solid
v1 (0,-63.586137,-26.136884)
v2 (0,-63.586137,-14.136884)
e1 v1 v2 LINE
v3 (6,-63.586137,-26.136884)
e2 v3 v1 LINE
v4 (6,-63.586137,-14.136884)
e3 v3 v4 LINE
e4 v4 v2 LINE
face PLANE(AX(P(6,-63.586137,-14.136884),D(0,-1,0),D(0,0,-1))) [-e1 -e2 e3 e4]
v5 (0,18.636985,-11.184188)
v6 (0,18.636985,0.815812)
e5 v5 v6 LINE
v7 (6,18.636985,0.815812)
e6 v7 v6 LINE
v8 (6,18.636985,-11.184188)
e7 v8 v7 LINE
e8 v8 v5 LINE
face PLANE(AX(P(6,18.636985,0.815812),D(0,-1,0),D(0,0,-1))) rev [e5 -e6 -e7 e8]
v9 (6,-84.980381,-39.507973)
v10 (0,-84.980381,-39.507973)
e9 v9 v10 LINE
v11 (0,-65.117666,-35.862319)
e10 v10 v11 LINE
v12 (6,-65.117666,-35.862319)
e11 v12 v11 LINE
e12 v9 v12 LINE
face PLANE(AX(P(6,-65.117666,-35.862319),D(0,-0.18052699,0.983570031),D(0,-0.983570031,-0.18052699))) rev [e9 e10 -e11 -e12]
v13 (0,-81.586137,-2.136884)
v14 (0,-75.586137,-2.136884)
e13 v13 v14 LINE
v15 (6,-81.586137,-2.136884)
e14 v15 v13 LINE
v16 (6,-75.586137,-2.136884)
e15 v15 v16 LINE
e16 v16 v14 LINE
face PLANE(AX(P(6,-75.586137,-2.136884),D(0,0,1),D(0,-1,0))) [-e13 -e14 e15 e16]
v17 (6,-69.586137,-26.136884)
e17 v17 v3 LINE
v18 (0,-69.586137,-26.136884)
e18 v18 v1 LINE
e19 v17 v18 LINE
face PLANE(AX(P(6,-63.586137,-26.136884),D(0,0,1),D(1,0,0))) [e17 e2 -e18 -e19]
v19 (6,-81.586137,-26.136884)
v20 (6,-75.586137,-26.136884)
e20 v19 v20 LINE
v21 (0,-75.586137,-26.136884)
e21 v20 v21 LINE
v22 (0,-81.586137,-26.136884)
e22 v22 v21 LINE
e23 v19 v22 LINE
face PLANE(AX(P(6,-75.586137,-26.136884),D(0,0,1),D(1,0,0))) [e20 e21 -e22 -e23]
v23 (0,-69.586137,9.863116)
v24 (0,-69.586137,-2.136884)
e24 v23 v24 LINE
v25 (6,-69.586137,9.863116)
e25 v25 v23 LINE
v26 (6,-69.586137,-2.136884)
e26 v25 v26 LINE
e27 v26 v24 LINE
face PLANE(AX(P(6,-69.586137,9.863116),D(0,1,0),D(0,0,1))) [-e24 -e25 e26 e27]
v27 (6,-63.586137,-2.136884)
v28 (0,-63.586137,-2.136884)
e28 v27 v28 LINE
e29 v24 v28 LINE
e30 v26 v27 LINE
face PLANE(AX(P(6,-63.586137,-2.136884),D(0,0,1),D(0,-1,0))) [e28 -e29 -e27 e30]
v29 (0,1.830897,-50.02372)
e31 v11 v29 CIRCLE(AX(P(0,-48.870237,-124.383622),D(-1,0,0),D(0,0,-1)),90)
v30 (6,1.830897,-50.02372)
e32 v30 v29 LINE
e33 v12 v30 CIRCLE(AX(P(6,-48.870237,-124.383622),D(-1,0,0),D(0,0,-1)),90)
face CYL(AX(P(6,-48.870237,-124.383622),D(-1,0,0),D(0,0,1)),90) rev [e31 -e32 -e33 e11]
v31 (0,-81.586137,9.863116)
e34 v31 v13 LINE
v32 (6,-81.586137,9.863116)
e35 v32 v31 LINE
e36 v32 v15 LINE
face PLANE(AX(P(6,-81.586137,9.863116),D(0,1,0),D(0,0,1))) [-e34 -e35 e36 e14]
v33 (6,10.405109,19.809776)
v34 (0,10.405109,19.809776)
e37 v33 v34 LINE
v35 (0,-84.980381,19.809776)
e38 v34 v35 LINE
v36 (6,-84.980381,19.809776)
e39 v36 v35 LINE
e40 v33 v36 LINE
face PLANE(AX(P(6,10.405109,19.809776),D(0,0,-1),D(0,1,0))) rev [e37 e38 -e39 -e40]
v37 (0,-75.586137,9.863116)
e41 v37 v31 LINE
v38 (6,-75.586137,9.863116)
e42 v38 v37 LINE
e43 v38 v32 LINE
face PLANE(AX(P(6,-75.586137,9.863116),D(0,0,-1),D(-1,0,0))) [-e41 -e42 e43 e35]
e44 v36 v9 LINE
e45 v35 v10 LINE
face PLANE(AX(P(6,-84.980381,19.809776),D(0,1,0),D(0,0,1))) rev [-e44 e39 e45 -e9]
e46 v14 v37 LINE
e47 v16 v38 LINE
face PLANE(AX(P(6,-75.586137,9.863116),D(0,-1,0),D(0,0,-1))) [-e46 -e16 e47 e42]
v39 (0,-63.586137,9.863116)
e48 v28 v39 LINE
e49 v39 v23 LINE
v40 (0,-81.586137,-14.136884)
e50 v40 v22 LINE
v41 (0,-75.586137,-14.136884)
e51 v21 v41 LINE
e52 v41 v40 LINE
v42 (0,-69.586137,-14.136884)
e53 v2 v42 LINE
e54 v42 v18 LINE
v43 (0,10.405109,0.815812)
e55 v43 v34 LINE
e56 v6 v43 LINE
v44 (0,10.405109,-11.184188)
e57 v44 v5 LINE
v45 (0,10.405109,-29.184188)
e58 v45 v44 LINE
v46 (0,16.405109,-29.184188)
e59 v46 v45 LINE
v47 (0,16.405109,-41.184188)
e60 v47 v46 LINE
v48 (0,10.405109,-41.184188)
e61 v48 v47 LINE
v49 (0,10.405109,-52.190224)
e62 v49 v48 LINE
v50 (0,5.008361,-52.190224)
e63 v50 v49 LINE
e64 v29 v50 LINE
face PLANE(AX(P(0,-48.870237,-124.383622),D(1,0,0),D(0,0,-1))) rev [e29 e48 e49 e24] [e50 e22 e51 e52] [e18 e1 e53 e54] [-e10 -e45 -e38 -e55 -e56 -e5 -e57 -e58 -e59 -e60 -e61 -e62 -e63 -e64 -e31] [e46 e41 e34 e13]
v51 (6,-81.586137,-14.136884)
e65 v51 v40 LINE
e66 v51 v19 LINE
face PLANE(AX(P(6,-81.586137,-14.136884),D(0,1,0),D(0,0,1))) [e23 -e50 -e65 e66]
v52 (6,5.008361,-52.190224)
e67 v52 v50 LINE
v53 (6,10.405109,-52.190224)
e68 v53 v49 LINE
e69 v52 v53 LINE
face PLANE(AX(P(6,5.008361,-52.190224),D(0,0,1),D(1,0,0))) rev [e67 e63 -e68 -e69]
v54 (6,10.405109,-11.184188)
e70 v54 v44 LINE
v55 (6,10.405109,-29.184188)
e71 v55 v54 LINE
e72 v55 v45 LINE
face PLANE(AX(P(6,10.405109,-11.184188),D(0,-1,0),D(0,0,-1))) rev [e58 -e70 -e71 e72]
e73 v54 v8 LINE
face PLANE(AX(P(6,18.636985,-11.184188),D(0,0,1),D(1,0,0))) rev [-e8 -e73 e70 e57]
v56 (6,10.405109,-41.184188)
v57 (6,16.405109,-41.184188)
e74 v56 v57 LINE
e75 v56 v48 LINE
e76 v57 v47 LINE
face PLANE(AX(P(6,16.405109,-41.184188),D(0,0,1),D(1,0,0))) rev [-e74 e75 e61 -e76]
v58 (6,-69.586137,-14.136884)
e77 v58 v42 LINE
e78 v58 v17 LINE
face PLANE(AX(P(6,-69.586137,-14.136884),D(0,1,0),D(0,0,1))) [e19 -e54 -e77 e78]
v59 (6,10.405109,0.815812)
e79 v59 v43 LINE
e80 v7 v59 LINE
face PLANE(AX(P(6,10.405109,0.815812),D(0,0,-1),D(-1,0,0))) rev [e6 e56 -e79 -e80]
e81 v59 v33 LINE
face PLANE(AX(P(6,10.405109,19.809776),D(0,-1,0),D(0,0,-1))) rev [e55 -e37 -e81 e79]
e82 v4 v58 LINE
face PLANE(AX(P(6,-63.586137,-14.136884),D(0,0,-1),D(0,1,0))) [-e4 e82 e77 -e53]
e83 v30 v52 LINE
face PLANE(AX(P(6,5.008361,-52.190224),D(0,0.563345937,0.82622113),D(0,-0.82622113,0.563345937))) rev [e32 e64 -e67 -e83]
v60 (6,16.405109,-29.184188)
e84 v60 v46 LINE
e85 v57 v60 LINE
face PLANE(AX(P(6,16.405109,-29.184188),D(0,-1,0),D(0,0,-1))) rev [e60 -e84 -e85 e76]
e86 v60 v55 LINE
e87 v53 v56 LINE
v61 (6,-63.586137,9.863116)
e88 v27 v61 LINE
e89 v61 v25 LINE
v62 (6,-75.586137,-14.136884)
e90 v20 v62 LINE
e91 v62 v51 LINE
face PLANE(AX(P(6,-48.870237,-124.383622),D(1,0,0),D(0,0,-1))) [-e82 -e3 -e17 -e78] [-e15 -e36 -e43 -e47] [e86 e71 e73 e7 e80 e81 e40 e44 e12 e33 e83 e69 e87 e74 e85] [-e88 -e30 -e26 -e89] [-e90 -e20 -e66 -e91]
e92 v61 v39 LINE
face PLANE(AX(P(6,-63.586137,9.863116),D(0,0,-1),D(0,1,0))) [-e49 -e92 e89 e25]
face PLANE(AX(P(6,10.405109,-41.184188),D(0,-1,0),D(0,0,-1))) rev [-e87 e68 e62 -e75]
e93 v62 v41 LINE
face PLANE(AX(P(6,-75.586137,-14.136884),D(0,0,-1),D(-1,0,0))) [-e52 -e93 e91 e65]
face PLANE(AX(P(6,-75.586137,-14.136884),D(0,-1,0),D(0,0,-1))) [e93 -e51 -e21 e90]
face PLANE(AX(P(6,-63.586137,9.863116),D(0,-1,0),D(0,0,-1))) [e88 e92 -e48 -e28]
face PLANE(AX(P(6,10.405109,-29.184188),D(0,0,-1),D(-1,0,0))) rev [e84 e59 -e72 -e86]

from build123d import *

# Parameters (mm, degrees)
SKETCH1_W           = 12
SKETCH1_H           = 6
BOSS_EXTRUDE1_DEPTH = 6


with BuildPart() as part:
    # Sketch1 → Boss-Extrude1 (new body)
    with BuildSketch(Plane(origin=(0, 0, 0), x_dir=(0, 0, -1), z_dir=(1, 0, 0))):
        with BuildLine():
            Line((-19.809776263, 10.405108849), (-19.809776263, -84.98038082))
            Line((-19.809776263, -84.98038082), (39.507973257, -84.98038082))
            Line((39.507973257, -84.98038082), (35.862319142, -65.117665917))
            ThreePointArc((35.862319142, -65.117665917), (36.331936953, -30.24496444), (50.023720259, 1.830897499))
            Line((50.023720259, 1.830897499), (52.190223737, 5.008360642))
            Line((52.190223737, 5.008360642), (52.190223737, 10.405108849))
            Line((52.190223737, 10.405108849), (41.184188047, 10.405108849))
            Line((41.184188047, 10.405108849), (41.184188047, 16.405108849))
            Line((41.184188047, 16.405108849), (29.184188047, 16.405108849))
            Line((29.184188047, 16.405108849), (29.184188047, 10.405108849))
            Line((29.184188047, 10.405108849), (11.184188047, 10.405108849))
            Line((11.184188047, 10.405108849), (11.184188047, 18.63698455))
            Line((11.184188047, 18.63698455), (-0.815811953, 18.63698455))
            Line((-0.815811953, 18.63698455), (-0.815811953, 10.405108849))
            Line((-0.815811953, 10.405108849), (-19.809776263, 10.405108849))
        make_face()
        with Locations((-3.863115861, -78.586137139)):
            Rectangle(SKETCH1_W, SKETCH1_H, mode=Mode.SUBTRACT)
        with Locations((20.136884139, -78.586137139)):
            Rectangle(SKETCH1_W, SKETCH1_H, mode=Mode.SUBTRACT)
        with Locations((-3.863115861, -66.586137139)):
            Rectangle(SKETCH1_W, SKETCH1_H, mode=Mode.SUBTRACT)
        with Locations((20.136884139, -66.586137139)):
            Rectangle(SKETCH1_W, SKETCH1_H, mode=Mode.SUBTRACT)
    extrude(amount=BOSS_EXTRUDE1_DEPTH)


solid = part.part
